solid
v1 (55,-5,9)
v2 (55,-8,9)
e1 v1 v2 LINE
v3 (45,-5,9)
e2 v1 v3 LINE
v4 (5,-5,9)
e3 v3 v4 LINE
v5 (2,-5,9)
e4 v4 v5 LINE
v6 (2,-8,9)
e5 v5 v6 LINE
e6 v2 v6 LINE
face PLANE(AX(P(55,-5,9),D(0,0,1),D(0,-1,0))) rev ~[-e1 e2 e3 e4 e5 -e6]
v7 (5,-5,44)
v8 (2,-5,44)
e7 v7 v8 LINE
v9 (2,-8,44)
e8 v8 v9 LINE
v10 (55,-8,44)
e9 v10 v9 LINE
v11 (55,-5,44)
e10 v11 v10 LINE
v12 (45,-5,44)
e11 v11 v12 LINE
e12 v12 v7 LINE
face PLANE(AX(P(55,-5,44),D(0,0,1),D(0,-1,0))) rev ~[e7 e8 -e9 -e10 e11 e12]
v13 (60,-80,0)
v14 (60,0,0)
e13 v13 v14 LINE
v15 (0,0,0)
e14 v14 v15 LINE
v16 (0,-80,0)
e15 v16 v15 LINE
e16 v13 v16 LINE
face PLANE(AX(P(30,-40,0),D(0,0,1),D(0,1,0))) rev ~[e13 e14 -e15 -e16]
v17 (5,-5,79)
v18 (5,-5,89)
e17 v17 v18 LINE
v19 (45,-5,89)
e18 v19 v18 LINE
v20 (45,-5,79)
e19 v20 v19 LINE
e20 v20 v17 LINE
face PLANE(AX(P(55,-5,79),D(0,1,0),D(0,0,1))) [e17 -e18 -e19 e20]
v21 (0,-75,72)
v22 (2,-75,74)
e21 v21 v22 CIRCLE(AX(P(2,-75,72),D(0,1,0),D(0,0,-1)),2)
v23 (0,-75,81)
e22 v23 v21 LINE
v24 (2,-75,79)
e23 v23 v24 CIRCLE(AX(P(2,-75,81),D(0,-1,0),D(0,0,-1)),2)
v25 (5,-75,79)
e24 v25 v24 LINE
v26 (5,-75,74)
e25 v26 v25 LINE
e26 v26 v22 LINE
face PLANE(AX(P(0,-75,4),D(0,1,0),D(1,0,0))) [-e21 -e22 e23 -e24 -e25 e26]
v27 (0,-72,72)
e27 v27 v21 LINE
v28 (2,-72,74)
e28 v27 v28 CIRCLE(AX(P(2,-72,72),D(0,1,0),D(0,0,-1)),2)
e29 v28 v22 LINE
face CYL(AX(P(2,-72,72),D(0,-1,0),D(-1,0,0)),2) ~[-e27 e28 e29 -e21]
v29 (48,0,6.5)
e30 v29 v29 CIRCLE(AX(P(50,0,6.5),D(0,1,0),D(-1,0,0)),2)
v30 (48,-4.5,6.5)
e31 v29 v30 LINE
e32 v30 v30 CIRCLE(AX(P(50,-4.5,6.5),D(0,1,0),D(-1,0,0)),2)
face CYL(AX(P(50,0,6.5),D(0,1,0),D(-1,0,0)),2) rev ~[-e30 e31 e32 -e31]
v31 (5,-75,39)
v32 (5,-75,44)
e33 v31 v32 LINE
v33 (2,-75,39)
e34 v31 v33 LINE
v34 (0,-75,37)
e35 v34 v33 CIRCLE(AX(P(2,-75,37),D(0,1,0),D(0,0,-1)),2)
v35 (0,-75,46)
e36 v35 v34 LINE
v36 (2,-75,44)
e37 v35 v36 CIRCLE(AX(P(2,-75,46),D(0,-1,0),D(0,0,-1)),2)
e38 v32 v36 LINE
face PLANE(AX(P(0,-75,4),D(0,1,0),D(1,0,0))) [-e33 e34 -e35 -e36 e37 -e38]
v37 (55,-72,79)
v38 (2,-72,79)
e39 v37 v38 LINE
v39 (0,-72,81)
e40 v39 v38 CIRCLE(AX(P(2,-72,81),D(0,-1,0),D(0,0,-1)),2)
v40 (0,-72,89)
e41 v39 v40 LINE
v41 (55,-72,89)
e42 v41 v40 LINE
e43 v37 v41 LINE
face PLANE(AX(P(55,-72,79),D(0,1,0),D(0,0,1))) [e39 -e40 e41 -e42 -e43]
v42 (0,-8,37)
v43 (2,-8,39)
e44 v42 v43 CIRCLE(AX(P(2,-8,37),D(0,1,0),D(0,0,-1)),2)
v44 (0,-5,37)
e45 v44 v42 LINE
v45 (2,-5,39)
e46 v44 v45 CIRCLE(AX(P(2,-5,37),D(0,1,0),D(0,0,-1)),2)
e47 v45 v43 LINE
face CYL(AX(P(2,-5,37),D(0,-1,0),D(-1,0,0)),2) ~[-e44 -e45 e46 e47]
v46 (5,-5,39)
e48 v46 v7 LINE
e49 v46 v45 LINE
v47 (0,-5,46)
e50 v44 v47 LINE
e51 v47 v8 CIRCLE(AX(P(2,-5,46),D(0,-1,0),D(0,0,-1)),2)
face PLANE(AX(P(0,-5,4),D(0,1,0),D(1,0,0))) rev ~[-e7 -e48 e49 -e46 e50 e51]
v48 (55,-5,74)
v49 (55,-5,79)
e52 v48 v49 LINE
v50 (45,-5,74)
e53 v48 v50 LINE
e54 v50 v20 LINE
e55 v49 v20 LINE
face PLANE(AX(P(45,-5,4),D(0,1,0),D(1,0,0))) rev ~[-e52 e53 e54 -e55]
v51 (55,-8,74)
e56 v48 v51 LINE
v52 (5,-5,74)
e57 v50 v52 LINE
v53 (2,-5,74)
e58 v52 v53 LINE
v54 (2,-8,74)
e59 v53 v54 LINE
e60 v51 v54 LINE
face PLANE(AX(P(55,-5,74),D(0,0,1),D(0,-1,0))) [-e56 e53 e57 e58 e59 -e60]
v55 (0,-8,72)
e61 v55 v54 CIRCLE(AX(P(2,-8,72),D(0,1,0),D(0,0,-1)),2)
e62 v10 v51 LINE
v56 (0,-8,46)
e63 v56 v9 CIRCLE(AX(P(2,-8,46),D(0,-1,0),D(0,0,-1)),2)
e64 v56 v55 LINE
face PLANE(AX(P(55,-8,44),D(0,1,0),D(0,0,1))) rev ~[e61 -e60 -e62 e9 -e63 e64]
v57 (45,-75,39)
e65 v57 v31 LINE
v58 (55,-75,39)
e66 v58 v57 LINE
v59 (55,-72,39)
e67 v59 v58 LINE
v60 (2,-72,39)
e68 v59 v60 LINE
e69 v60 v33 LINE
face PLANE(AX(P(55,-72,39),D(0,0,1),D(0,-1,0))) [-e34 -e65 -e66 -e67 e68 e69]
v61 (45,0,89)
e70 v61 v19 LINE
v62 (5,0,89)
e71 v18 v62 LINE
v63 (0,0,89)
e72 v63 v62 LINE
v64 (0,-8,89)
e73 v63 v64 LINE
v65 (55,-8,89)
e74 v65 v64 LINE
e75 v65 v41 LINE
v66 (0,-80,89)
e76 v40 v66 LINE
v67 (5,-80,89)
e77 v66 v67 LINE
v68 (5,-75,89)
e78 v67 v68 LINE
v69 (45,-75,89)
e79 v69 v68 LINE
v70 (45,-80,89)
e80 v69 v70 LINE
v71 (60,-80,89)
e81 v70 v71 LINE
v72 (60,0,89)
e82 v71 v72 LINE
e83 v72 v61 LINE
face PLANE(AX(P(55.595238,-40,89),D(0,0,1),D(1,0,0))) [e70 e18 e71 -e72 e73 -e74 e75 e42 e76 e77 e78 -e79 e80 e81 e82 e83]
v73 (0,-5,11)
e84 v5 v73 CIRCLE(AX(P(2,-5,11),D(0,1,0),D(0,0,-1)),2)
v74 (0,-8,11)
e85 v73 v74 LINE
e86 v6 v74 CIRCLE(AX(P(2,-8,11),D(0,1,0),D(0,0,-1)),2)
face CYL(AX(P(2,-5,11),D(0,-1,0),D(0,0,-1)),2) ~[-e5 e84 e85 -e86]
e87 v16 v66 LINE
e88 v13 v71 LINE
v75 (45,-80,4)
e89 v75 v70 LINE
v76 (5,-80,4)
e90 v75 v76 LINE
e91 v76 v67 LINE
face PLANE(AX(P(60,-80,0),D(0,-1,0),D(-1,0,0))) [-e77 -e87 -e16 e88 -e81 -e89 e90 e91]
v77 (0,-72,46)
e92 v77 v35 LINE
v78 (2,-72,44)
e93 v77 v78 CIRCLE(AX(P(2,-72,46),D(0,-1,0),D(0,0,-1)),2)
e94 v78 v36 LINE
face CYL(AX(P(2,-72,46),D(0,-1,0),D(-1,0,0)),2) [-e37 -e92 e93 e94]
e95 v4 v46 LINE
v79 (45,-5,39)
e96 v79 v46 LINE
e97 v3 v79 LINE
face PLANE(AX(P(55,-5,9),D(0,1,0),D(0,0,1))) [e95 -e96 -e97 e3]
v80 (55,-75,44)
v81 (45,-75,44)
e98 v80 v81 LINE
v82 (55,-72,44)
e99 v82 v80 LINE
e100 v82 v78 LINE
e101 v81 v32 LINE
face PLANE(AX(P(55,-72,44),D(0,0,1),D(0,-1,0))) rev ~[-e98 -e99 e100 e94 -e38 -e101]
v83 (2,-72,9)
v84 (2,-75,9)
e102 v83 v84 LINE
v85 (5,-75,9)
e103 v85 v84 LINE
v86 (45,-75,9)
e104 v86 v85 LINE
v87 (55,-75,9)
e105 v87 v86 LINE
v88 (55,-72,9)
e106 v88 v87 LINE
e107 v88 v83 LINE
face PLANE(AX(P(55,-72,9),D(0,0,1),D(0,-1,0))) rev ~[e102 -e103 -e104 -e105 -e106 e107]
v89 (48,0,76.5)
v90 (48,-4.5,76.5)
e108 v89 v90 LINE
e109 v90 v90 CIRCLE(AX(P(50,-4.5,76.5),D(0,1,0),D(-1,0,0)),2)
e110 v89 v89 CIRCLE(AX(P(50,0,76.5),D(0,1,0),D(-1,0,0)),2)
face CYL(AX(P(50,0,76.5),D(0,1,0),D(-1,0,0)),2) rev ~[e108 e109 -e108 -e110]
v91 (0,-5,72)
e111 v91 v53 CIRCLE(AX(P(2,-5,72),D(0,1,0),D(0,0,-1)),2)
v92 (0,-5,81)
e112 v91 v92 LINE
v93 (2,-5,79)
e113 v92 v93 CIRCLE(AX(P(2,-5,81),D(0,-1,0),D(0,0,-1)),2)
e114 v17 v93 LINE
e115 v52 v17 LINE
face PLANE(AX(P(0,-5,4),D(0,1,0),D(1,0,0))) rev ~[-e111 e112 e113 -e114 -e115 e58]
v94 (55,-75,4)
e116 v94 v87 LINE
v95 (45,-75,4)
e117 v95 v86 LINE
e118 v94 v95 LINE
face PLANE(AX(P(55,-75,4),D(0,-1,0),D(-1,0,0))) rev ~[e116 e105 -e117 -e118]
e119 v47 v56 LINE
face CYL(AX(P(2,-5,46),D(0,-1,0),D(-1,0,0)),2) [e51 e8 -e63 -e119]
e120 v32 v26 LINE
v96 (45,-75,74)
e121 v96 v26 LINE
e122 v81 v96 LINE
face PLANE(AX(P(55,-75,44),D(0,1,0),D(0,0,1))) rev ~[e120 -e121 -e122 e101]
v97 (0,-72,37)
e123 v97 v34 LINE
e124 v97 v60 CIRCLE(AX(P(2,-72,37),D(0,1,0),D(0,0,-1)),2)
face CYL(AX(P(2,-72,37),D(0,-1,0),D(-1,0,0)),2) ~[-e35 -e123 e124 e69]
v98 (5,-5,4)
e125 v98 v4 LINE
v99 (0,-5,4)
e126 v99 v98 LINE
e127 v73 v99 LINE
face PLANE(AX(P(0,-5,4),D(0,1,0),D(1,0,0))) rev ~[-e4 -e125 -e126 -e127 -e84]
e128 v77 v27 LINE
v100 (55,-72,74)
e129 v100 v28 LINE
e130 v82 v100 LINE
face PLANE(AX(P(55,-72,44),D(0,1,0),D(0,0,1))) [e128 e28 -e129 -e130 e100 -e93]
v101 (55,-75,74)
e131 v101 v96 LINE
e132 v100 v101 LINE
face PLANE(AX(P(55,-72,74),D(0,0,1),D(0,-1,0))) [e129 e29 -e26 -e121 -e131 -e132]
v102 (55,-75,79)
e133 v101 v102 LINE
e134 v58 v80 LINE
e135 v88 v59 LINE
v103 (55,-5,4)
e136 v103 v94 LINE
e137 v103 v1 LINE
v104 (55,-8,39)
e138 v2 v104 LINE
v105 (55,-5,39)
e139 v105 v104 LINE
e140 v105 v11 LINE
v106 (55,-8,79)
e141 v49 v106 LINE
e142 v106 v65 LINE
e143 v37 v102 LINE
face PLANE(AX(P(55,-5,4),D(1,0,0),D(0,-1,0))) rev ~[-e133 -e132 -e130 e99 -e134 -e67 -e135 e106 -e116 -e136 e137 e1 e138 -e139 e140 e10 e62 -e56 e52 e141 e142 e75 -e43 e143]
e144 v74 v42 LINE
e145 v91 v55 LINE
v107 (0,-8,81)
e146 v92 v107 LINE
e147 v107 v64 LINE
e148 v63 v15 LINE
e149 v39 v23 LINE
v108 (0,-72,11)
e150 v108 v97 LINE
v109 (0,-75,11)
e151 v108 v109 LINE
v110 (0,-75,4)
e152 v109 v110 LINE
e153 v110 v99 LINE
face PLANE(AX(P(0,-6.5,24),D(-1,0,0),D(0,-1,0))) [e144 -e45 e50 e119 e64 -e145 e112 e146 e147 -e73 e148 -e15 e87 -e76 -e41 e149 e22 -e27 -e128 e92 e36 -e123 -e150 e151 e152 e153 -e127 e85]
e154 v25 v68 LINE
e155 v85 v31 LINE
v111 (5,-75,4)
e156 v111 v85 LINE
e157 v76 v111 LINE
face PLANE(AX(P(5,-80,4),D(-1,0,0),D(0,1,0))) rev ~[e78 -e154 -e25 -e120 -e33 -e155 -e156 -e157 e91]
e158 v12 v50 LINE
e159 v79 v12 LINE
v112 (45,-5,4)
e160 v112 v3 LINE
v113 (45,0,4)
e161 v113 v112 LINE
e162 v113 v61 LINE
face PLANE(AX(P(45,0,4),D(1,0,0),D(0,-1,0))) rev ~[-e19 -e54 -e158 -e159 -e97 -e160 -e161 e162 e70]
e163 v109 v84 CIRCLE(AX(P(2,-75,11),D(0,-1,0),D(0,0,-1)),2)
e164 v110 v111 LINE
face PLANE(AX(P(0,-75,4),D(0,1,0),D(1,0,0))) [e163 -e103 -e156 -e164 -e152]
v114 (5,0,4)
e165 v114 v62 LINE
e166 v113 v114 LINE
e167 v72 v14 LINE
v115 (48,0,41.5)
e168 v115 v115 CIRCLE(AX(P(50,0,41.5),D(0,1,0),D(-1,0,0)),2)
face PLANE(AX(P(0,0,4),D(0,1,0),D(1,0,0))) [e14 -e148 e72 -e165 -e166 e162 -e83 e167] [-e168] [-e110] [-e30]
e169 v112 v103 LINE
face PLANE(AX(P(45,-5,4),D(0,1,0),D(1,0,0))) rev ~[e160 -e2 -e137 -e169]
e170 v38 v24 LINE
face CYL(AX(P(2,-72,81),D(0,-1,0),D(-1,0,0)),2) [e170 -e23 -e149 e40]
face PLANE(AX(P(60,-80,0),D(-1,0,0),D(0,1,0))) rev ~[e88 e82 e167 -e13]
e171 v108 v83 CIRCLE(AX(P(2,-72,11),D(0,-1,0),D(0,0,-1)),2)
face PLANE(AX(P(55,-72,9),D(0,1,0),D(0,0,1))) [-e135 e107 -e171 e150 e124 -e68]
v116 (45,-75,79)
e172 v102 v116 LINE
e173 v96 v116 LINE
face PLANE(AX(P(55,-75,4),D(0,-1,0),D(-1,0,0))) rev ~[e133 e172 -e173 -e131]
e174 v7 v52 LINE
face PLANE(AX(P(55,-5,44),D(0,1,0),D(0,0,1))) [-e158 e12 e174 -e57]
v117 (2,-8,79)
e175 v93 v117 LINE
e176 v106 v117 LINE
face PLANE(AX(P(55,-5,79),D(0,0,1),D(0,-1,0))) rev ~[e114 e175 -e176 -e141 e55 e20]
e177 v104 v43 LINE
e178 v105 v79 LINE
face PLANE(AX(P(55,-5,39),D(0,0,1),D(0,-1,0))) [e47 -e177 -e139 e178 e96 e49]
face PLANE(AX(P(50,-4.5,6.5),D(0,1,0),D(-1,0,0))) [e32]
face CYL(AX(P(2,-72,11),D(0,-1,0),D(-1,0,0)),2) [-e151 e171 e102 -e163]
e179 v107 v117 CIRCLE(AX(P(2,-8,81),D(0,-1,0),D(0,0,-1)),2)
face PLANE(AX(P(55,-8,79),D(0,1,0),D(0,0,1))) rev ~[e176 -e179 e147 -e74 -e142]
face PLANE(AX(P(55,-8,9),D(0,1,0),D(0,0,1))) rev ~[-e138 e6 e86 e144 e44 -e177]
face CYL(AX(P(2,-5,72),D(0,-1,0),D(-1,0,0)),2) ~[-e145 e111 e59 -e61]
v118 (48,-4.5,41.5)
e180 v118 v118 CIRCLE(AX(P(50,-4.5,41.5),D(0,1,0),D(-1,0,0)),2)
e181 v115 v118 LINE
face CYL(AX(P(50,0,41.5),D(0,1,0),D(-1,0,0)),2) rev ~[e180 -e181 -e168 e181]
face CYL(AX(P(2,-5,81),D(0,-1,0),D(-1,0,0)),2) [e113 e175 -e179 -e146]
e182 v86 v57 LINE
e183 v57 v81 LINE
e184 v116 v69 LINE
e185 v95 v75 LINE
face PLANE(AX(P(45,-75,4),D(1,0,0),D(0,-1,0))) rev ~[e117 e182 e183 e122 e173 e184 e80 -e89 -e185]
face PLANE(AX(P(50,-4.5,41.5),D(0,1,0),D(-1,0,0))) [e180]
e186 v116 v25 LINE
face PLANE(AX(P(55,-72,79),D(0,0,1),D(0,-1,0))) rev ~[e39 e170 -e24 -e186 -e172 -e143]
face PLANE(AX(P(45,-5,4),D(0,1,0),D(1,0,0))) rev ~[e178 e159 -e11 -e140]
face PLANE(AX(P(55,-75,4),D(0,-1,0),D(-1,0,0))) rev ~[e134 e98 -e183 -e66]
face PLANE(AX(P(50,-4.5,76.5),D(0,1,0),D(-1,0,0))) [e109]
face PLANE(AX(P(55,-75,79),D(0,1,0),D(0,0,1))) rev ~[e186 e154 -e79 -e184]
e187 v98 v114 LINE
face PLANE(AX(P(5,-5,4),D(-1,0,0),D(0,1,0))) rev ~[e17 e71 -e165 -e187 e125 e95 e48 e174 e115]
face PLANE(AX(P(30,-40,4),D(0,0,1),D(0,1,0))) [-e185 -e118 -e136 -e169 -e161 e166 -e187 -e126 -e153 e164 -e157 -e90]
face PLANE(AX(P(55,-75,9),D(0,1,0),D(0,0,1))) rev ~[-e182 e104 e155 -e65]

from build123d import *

# Parameters (mm, degrees)
SKETCH1_W           = 80
SKETCH1_H           = 60
BOSS_EXTRUDE1_DEPTH = 4
SKETCH3_W           = 5
SKETCH3_H           = 5
BOSS_EXTRUDE2_DEPTH = 85
SKETCH9_W           = 3
SKETCH9_H           = 30
SKETCH9_H_2         = 10
BOSS_EXTRUDE4_DEPTH = 55
FILLET2_R           = 2
SKETCH11_R          = 2
CUT_EXTRUDE2_DEPTH  = 4.5


with BuildPart() as part:
    # Sketch1 → Boss-Extrude1 (new body)
    with BuildSketch(Plane(origin=(0, 0, 0), x_dir=(0, 1, 0), z_dir=(0, 0, 1))):
        with Locations((-40, -30)):
            Rectangle(SKETCH1_W, SKETCH1_H)
    extrude(amount=BOSS_EXTRUDE1_DEPTH)

    # Sketch3 → Boss-Extrude2 (add)
    with BuildSketch(Plane.XY.offset(4)):
        with Locations((2.5, -2.5)):
            Rectangle(SKETCH3_W, SKETCH3_H)
        with Locations((2.5, -77.5)):
            Rectangle(SKETCH3_W, SKETCH3_H)
        Polygon((60, 0), (55, 0), (45, 0), (45, -5), (55, -5), (55, -75), (45, -75), (45, -80), (52.705337411, -80), (60, -80), align=None)
    extrude(amount=BOSS_EXTRUDE2_DEPTH)

    # Sketch9 → Boss-Extrude4 (add)
    with BuildSketch(Plane(origin=(55, 0, 0), x_dir=(0, -1, 0), z_dir=(-1, 0, 0))):
        with Locations((6.5, 24)):
            Rectangle(SKETCH9_W, SKETCH9_H)
        with Locations((6.5, 59)):
            Rectangle(SKETCH9_W, SKETCH9_H)
        with Locations((6.5, 84)):
            Rectangle(SKETCH9_W, SKETCH9_H_2)
        with Locations((73.5, 24)):
            Rectangle(SKETCH9_W, SKETCH9_H)
        with Locations((73.5, 59)):
            Rectangle(SKETCH9_W, SKETCH9_H)
        with Locations((73.5, 84)):
            Rectangle(SKETCH9_W, SKETCH9_H_2)
    extrude(amount=BOSS_EXTRUDE4_DEPTH)

    # Fillet2
    fillet2_edges = [part.edges().sort_by_distance(p)[0] for p in [
        (0, -6.5, 79),
        (0, -73.5, 39),
        (0, -73.5, 9),
        (0, -73.5, 74),
        (0, -73.5, 44),
        (0, -73.5, 79),
        (0, -6.5, 9),
        (0, -6.5, 39),
        (0, -6.5, 44),
        (0, -6.5, 74),
    ]]
    fillet(fillet2_edges, radius=FILLET2_R)

    # Sketch11 → Cut-Extrude2 (cut)
    with BuildSketch(Plane(origin=(0, 0, 0), x_dir=(-1, 0, 0), z_dir=(0, 1, 0))):
        with Locations((-50, 76.5)):
            Circle(SKETCH11_R)
        with Locations((-50, 41.5)):
            Circle(SKETCH11_R)
        with Locations((-50, 6.5)):
            Circle(SKETCH11_R)
    extrude(amount=-CUT_EXTRUDE2_DEPTH, mode=Mode.SUBTRACT)


solid = part.part
